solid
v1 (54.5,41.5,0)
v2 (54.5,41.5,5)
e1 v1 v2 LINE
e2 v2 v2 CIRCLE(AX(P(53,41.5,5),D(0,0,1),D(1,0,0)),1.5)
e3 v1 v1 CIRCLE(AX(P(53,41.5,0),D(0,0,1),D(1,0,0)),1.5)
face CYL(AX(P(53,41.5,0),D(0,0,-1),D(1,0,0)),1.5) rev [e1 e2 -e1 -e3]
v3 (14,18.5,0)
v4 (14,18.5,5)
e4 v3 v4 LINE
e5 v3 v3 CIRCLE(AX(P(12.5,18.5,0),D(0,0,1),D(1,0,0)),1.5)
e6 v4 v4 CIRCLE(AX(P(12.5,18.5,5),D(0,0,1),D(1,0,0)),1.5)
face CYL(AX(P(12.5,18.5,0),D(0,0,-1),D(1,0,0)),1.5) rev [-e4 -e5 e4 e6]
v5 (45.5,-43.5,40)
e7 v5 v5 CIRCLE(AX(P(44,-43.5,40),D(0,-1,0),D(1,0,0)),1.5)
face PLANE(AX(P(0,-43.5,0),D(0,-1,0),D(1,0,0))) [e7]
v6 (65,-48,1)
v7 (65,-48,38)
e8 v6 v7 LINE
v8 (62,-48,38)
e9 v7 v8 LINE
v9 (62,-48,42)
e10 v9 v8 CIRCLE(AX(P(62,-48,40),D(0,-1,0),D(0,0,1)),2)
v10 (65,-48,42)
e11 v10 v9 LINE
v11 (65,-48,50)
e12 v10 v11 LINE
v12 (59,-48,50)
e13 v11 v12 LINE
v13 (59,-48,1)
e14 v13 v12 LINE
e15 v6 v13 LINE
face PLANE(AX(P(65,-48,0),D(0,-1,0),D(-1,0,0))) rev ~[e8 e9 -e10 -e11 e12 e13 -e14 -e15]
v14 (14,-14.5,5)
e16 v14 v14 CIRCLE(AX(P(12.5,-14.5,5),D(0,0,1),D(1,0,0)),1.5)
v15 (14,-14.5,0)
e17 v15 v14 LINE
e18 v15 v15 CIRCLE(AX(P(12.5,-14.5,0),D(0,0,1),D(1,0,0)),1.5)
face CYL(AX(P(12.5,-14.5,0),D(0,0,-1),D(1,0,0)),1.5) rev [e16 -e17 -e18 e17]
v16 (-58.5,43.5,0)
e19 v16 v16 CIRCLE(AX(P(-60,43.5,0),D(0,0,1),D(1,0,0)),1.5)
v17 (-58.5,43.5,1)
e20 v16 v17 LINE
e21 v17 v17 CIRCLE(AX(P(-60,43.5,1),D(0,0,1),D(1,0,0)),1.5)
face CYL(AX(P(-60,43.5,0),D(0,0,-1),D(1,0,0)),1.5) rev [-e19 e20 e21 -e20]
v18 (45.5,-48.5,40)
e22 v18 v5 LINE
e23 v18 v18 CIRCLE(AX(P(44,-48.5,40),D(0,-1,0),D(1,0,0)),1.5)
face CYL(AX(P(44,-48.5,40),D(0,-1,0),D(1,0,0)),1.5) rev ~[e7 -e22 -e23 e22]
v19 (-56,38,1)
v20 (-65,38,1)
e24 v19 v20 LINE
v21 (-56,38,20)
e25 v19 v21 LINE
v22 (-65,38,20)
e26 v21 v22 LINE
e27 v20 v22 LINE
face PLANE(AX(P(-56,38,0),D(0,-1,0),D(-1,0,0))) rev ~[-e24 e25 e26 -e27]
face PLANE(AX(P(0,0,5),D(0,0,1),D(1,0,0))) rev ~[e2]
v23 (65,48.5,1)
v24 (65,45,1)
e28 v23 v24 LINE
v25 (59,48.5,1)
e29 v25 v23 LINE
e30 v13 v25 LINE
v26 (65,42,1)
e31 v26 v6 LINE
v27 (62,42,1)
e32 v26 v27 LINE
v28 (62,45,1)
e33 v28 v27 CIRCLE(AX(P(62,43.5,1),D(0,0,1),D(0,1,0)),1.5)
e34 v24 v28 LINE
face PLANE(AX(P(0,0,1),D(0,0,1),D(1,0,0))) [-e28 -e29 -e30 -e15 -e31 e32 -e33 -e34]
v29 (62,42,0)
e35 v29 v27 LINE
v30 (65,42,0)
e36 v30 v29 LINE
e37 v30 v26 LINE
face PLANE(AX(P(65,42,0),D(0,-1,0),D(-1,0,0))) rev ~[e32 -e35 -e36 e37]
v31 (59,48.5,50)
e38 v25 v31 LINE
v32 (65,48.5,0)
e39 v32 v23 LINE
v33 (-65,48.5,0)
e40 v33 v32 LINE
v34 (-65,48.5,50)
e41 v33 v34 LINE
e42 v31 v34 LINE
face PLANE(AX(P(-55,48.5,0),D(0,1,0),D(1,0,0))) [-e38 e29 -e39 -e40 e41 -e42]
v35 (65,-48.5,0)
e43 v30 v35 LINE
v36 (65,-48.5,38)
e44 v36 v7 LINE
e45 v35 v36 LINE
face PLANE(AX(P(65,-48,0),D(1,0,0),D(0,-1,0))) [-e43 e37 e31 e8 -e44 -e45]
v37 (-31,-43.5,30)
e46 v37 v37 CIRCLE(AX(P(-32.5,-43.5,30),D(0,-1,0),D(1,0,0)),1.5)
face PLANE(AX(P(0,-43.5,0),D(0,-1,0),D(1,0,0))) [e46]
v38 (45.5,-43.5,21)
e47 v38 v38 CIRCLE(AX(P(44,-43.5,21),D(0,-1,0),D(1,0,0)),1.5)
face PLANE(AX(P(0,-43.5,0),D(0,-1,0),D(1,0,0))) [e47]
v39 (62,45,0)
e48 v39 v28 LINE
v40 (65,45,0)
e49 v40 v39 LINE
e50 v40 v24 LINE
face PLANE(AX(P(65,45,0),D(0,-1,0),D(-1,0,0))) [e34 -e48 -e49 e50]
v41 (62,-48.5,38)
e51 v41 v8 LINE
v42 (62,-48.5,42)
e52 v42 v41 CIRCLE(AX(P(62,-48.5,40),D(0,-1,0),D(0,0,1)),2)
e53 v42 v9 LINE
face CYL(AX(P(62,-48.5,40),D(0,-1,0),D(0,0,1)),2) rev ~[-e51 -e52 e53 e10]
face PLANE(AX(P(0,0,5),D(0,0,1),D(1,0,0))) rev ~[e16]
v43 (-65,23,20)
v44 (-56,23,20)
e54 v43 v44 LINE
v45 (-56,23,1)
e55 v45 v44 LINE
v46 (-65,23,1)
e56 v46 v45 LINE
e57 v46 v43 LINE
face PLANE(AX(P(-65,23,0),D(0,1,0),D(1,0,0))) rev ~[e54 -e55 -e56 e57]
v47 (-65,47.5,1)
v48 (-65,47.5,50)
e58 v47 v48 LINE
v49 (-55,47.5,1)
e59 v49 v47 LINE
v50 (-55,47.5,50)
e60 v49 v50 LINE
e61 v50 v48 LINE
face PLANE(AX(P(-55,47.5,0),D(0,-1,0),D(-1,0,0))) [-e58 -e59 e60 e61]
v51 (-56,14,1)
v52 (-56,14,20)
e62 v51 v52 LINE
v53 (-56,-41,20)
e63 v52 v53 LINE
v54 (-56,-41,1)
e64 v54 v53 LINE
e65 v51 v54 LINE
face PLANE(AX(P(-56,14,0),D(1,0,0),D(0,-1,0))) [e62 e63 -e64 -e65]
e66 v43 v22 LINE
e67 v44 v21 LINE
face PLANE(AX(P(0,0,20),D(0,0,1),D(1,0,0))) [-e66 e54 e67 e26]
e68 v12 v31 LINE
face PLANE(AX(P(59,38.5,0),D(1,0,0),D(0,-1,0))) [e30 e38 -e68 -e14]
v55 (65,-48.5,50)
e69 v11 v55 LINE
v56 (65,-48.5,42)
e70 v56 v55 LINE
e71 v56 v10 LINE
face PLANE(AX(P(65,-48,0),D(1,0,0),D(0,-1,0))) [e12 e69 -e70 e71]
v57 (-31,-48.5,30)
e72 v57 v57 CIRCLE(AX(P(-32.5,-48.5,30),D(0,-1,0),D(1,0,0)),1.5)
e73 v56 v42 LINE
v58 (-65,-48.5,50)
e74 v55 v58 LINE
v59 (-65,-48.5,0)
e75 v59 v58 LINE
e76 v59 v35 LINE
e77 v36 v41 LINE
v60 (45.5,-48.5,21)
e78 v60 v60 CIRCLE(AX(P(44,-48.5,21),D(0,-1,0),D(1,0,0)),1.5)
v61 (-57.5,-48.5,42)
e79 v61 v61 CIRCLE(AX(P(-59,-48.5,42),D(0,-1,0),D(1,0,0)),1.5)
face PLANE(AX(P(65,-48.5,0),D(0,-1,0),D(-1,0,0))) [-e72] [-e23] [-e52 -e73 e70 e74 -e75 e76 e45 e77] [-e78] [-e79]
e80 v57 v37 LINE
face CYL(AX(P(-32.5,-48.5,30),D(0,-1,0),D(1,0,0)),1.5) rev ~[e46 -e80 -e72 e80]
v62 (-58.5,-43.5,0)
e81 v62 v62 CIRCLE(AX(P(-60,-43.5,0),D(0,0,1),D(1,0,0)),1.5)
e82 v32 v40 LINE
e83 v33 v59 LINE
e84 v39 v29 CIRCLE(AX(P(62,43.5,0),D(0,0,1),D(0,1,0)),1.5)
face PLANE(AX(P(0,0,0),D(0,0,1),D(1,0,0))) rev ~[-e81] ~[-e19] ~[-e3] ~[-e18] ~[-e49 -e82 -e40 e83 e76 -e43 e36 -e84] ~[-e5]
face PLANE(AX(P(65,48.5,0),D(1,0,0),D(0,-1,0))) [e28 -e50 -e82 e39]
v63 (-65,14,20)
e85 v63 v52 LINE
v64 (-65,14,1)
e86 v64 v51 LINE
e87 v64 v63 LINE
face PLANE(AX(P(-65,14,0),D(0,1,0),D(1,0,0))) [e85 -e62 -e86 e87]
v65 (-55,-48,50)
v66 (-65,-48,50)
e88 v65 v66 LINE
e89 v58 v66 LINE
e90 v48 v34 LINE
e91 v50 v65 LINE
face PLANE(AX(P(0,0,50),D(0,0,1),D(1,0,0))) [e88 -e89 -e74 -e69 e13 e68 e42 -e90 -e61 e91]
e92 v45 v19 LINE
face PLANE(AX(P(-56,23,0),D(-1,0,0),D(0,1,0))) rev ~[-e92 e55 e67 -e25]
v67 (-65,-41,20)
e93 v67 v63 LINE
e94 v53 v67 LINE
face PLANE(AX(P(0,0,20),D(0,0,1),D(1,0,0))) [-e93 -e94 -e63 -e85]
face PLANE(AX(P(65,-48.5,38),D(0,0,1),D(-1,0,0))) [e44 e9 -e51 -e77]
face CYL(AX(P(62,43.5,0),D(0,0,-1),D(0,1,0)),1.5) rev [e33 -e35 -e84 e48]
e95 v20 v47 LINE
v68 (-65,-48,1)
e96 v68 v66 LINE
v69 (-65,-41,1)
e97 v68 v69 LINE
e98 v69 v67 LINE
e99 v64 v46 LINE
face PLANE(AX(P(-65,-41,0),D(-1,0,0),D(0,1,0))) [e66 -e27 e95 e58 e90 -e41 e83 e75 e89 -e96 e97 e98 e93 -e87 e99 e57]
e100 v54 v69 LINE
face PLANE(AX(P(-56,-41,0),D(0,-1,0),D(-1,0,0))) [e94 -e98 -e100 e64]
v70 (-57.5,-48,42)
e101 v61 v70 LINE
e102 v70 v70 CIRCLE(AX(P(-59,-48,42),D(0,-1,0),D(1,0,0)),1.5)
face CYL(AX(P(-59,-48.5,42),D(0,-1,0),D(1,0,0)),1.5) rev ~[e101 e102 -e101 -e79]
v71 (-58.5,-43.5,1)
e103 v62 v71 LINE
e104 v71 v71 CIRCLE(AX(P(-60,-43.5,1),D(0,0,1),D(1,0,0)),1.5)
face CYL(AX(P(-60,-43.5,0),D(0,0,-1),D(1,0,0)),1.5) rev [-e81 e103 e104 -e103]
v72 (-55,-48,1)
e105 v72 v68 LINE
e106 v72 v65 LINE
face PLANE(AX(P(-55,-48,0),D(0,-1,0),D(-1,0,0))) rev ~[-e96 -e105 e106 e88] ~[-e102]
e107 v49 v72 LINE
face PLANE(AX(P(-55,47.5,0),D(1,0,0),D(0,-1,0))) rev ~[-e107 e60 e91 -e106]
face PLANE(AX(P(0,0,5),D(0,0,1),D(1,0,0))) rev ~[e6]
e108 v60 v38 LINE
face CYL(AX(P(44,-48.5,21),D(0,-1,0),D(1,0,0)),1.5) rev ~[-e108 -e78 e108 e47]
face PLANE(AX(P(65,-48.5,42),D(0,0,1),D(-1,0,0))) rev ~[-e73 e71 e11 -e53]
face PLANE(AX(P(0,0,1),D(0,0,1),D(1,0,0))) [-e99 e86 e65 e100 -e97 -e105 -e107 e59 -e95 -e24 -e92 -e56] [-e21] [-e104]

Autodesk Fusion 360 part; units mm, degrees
sketch "Sketch1" plane through (0, 0, 0) normal (0, 0, 1) x (1, 0, 0)
  line L0 (65, -48.5) -> (-65, -48.5)
  line L1 (-65, -48.5) -> (-65, 48.5)
  line L2 (-65, 48.5) -> (65, 48.5)
  line L3 (65, 48.5) -> (65, -48.5)
  line L4 (65, -48.5) -> (-65, 48.5) construction
  line L5 (-65, -48.5) -> (65, 48.5) construction
  line L6 (-65, 48.5) -> (2983, 48.5)
  line L7 (2983, 48.5) -> (2983, -49)
  line L8 (2983, -49) -> (-65, -49)
  line L9 (-65, -49) -> (-65, 48.5)
  line L10 (-65, 48.5) -> (-55, 48.5)
  line L11 (-55, 48.5) -> (-55, -49)
  line L12 (-55, -49) -> (-65, -49)
  line L13 (-65, -49) -> (-65, 48.5)
  line L14 (65, 48.5) -> (59, 48.5)
  line L15 (59, 48.5) -> (59, 38.5)
  line L16 (59, 38.5) -> (65, 38.5)
  line L17 (65, 38.5) -> (65, 48.5)
  line L18 (59, 38.5) -> (59, -49)
  line L19 (-65, 48.5) -> (59, 48.5)
  line L20 (59, 48.5) -> (59, 47.5)
  line L21 (59, 47.5) -> (-65, 47.5)
  line L22 (-65, 47.5) -> (-65, 48.5)
  line L23 (-65, -49) -> (65, -49)
  line L24 (65, -49) -> (65, -48)
  line L25 (65, -48) -> (-65, -48)
  line L26 (-65, -48) -> (-65, -49)
  line L27 (-56, 38) -> (-65, 38)
  line L28 (-65, 38) -> (-65, 23)
  line L29 (-65, 23) -> (-56, 23)
  line L30 (-56, 23) -> (-56, 38)
  line L31 (-56, -41) -> (-65, -41)
  line L32 (-65, -41) -> (-65, 14)
  line L33 (-65, 14) -> (-56, 14)
  line L34 (-56, 14) -> (-56, -41)
  line L35 (-65, 48.5) -> (-60, 48.5) construction
  line L36 (-60, 48.5) -> (-60, 43.5) construction
  circle A0 centre (-60, 43.5) radius 1.5
  line L37 (65, 48.5) -> (53, 48.5) construction
  line L38 (53, 48.5) -> (53, 41.5) construction
  circle A1 centre (53, 41.5) radius 1.5
  line L39 (65.5, 45) -> (62, 45)
  line L40 (65.5, 42) -> (62, 42)
  arc A2 (62, 45) -> (62, 42) centre (62, 43.5) ccw
  line L41 (-65, 48.5) -> (12.5, 48.5) construction
  line L42 (12.5, 48.5) -> (12.5, 18.5) construction
  line L43 (12.5, 18.5) -> (12.5, -14.5) construction
  circle A3 centre (12.5, 18.5) radius 1.5
  circle A4 centre (12.5, -14.5) radius 1.5
  line L44 (-65, -48.5) -> (-60, -48.5) construction
  line L45 (-60, -48.5) -> (-60, -43.5) construction
  circle A5 centre (-60, -43.5) radius 1.5
  dimension "d1" = 130
  dimension "d2" = 97
  dimension "d3" = 3048
  dimension "d4" = 10
  dimension "d5" = 6
  dimension "d6" = 10
  dimension "d7" = 1
  dimension "d8" = 1
  dimension "d9" = 15
  dimension "d10" = 55
  dimension "d11" = 5
  dimension "d12" = 5
  dimension "d13" = 3
  dimension "d14" = 12
  dimension "d15" = 7
  dimension "d16" = 3
  dimension "d17" = 77.5
  dimension "d18" = 30
  dimension "d19" = 33
  dimension "d20" = 3
  dimension "d21" = 3
  dimension "d22" = 5
  dimension "d23" = 5
  dimension "d24" = 3
extrude "Extrude1" add sketch "Sketch1" along normal blind 50 contours L0 L3 L18 L24 L25 | L0 L11 L18 L25 | L0 L1 L9 L11 L13 L25 L26 | L11 L15 L18 L21 L25 | L1 L2 L6 L9 L10 L11 L13 L19 L21 L22 | L2 L6 L11 L15 L19 L20 L21 | A1 | A3 | A4 makes body 1
extrude "Extrude2" add sketch "Sketch1" along normal blind 20 separate body contours L1 L9 L13 L31 L32 L33 L34 | L1 L9 L13 L27 L28 L29 L30 makes body 2 at (-65, -22.6667, 6.6667) makes body 3 at (-56, 28, 6.6667)
extrude "Extrude3" add sketch "Sketch1" along normal blind 1 contours L3 L16 L18 L25 | L2 L3 L6 L14 L15 L16 L17 L20 L39 L40 A2 | L1 L9 L11 L13 L21 L25 L27 L29 L30 L31 L33 L34 bodies 1 2 3
extrude "Extrude4" cut sketch "Sketch1" along normal blind 5 contours A1 | A3 | A4 bodies 1
sketch "Sketch2" plane through (0, -48.5, 0) normal (0, -1, 0) x (1, 0, 0)
  line L0 (-65, 0) -> (65, 0)
  line L1 (65, 0) -> (65, 50)
  line L2 (65, 50) -> (-65, 50)
  line L3 (-65, 50) -> (-65, 0)
  line L4 (-65, 50) -> (65, 50)
  line L5 (-65, 0) -> (-65, 50)
  line L6 (65, 0) -> (-65, 0)
  line L7 (65, 0) -> (65, 50)
  line L8 (-65, 50) -> (-59, 50) construction
  line L9 (-59, 50) -> (-59, 42) construction
  circle A0 centre (-59, 42) radius 1.5
  line L10 (65, 50) -> (65, 40) construction
  line L11 (65, 38) -> (62, 38)
  line L12 (65, 42) -> (62, 42)
  arc A1 (62, 42) -> (62, 38) centre (62, 40) ccw
  line L13 (-65, 50) -> (-32.5, 50) construction
  line L14 (-32.5, 50) -> (-32.5, 30) construction
  line L15 (65, 50) -> (44, 50) construction
  line L16 (44, 50) -> (44, 40) construction
  line L17 (44, 40) -> (44, 21) construction
  circle A2 centre (-32.5, 30) radius 1.5
  circle A3 centre (44, 40) radius 1.5
  circle A4 centre (44, 21) radius 1.5
  dimension "d33" = 6
  dimension "d34" = 8
  dimension "d35" = 3
  dimension "d36" = 10
  dimension "d37" = 32.5
  dimension "d38" = 20
  dimension "d39" = 21
  dimension "d40" = 10
  dimension "d41" = 19
  dimension "d42" = 3
  dimension "d43" = 3
  dimension "d44" = 3
extrude "Extrude5" cut sketch "Sketch2" against normal blind 5 contours L1 L7 L11 L12 A1 | A0 | A2 | A3 | A4 bodies 1
equation "d3 = 10'-0\""
